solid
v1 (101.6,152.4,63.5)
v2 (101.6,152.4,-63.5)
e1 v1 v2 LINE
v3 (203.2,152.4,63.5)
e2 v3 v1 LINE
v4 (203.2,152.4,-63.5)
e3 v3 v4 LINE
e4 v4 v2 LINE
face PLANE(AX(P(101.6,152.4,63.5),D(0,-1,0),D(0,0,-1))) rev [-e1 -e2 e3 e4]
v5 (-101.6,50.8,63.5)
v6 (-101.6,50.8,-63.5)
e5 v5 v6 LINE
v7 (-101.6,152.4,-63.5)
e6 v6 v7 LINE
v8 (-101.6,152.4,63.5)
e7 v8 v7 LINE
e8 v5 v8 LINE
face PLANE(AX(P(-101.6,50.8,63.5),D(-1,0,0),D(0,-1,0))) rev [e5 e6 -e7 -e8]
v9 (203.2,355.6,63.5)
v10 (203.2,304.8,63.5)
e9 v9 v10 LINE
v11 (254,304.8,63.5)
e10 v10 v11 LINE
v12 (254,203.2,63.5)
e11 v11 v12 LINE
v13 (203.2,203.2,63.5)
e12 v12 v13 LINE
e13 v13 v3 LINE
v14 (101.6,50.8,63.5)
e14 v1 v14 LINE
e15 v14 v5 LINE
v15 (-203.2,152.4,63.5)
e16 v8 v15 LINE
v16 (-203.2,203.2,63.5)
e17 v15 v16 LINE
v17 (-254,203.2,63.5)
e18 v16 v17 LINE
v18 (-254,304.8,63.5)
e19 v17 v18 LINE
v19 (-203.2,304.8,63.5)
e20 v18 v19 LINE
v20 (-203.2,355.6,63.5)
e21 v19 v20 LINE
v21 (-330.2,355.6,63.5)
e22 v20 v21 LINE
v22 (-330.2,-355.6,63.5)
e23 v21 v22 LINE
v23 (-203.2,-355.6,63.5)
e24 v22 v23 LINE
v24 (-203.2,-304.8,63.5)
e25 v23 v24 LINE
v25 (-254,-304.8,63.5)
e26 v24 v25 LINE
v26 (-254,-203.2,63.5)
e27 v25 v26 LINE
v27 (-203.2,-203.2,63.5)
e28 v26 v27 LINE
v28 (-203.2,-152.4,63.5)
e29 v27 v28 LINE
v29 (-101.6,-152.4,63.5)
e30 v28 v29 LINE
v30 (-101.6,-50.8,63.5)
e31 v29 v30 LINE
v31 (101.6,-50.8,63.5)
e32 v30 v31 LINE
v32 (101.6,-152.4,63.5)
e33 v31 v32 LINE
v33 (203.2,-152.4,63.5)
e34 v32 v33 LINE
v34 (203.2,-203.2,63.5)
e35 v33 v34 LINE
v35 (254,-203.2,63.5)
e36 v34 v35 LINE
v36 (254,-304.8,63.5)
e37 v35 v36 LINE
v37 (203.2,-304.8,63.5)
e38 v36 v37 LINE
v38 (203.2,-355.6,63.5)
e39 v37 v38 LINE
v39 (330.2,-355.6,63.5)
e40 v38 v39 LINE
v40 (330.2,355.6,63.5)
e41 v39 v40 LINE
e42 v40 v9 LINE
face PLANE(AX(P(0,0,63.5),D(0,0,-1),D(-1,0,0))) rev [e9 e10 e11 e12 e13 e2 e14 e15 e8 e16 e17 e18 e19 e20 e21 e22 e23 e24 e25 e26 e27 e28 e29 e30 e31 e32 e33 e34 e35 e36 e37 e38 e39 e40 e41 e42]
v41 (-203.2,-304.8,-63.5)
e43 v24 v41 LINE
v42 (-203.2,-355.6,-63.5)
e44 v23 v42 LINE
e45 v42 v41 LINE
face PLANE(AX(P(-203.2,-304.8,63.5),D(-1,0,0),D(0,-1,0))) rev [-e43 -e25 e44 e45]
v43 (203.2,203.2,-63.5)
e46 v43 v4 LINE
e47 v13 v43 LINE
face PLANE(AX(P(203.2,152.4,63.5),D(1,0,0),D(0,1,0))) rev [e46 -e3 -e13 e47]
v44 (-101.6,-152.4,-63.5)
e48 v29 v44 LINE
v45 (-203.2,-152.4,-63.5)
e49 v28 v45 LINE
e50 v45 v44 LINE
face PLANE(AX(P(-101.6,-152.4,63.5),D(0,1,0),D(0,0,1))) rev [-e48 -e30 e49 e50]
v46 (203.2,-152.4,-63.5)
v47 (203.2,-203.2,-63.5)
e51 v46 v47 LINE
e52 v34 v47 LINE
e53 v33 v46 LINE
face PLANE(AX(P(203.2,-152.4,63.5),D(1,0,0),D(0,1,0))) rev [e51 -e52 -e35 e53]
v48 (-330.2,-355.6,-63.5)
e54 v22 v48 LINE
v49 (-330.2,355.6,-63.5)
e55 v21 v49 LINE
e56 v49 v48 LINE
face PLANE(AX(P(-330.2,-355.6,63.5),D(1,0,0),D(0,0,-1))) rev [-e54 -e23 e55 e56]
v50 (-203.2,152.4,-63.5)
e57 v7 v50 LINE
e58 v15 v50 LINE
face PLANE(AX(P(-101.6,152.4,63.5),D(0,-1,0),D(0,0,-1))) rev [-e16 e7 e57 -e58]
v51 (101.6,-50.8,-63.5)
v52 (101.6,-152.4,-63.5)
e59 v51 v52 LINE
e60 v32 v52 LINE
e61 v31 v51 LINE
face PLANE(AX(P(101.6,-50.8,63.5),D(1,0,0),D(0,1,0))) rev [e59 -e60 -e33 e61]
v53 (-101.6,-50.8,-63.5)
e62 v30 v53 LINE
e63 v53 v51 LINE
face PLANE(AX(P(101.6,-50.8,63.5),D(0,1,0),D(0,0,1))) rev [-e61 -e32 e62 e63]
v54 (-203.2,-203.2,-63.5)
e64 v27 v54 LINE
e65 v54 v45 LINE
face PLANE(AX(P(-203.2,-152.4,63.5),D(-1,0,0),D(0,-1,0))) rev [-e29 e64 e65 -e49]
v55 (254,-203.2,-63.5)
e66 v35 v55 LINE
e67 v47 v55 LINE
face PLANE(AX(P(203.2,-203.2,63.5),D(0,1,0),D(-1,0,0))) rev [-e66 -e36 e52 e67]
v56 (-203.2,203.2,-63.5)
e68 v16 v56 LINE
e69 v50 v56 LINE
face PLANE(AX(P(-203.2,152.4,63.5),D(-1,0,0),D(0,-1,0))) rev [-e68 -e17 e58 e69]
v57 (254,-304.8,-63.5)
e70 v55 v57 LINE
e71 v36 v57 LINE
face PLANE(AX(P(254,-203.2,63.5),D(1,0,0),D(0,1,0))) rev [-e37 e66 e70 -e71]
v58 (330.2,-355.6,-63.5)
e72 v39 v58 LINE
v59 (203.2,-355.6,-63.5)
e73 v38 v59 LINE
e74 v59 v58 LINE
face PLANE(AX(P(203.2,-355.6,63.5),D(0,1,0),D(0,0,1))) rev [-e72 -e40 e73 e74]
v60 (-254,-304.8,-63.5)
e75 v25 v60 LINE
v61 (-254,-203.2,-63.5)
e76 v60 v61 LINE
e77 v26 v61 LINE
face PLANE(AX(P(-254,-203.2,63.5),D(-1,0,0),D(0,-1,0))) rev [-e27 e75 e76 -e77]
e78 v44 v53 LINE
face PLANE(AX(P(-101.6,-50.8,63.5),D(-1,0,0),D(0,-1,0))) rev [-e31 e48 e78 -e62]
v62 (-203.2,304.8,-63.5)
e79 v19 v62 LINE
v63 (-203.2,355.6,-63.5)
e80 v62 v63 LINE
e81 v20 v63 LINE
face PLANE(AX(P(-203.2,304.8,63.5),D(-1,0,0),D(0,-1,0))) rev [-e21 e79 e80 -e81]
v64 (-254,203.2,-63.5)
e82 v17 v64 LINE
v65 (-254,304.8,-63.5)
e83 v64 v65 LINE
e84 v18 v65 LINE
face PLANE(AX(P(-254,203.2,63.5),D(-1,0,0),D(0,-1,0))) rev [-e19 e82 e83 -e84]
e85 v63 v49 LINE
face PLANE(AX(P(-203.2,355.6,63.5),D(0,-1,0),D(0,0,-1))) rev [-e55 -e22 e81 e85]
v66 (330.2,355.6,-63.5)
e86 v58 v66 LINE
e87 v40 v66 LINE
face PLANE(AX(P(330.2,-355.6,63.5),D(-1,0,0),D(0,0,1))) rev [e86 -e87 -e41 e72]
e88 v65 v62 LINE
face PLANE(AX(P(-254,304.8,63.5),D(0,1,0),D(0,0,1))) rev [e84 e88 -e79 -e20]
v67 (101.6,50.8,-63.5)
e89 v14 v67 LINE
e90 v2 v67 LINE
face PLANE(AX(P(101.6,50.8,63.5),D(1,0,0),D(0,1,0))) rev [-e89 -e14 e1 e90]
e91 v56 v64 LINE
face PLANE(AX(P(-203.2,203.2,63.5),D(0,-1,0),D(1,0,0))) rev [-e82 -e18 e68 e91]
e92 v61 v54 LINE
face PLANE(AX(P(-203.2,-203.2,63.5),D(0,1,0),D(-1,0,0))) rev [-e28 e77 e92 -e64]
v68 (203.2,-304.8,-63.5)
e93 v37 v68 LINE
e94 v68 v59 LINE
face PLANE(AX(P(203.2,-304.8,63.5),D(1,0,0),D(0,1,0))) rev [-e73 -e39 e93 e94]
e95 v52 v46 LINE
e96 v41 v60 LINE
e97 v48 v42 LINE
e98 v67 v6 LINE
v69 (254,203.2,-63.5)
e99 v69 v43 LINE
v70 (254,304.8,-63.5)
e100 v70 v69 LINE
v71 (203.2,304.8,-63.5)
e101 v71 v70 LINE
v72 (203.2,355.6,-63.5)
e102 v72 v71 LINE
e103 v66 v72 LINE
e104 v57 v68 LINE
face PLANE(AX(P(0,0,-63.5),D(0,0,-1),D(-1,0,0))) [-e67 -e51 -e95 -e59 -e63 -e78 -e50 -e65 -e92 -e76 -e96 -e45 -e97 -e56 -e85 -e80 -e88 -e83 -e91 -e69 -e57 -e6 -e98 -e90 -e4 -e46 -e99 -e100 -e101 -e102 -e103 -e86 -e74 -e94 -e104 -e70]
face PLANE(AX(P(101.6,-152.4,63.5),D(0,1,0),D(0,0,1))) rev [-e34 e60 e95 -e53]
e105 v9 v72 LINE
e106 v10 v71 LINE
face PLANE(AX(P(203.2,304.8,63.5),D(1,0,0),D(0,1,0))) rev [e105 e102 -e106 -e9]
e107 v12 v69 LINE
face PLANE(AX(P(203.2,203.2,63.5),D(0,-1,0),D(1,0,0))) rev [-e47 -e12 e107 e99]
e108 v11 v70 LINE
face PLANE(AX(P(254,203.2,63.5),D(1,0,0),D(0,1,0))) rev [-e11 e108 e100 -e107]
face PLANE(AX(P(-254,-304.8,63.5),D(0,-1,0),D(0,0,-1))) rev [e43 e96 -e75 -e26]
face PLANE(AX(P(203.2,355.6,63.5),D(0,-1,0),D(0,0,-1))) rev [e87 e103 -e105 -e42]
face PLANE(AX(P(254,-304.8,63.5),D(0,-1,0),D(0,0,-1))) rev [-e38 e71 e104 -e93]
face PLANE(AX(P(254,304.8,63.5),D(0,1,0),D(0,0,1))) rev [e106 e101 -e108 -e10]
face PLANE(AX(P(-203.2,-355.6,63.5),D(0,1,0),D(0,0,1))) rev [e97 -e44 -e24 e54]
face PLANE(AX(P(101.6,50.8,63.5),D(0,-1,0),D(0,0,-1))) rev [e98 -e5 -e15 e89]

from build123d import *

# Parameters (mm, degrees)
BOSS_EXTRUDE1_DEPTH = 63.5


with BuildPart() as part:
    # Sketch1 → Boss-Extrude1 (new, symmetric)
    with BuildSketch(Plane.XY):
        Polygon((101.6, -50.8), (-101.6, -50.8), (-101.6, -152.4), (-203.2, -152.4), (-203.2, -203.2), (-254, -203.2), (-254, -304.8), (-203.2, -304.8), (-203.2, -355.6), (-330.2, -355.6), (-330.2, 355.6), (-203.2, 355.6), (-203.2, 304.8), (-254, 304.8), (-254, 203.2), (-203.2, 203.2), (-203.2, 152.4), (-101.6, 152.4), (-101.6, 50.8), (101.6, 50.8), (101.6, 152.4), (203.2, 152.4), (203.2, 203.2), (254, 203.2), (254, 304.8), (203.2, 304.8), (203.2, 355.6), (330.2, 355.6), (330.2, -355.6), (203.2, -355.6), (203.2, -304.8), (254, -304.8), (254, -203.2), (203.2, -203.2), (203.2, -152.4), (101.6, -152.4), align=None)
    extrude(amount=BOSS_EXTRUDE1_DEPTH, both=True)


solid = part.part
